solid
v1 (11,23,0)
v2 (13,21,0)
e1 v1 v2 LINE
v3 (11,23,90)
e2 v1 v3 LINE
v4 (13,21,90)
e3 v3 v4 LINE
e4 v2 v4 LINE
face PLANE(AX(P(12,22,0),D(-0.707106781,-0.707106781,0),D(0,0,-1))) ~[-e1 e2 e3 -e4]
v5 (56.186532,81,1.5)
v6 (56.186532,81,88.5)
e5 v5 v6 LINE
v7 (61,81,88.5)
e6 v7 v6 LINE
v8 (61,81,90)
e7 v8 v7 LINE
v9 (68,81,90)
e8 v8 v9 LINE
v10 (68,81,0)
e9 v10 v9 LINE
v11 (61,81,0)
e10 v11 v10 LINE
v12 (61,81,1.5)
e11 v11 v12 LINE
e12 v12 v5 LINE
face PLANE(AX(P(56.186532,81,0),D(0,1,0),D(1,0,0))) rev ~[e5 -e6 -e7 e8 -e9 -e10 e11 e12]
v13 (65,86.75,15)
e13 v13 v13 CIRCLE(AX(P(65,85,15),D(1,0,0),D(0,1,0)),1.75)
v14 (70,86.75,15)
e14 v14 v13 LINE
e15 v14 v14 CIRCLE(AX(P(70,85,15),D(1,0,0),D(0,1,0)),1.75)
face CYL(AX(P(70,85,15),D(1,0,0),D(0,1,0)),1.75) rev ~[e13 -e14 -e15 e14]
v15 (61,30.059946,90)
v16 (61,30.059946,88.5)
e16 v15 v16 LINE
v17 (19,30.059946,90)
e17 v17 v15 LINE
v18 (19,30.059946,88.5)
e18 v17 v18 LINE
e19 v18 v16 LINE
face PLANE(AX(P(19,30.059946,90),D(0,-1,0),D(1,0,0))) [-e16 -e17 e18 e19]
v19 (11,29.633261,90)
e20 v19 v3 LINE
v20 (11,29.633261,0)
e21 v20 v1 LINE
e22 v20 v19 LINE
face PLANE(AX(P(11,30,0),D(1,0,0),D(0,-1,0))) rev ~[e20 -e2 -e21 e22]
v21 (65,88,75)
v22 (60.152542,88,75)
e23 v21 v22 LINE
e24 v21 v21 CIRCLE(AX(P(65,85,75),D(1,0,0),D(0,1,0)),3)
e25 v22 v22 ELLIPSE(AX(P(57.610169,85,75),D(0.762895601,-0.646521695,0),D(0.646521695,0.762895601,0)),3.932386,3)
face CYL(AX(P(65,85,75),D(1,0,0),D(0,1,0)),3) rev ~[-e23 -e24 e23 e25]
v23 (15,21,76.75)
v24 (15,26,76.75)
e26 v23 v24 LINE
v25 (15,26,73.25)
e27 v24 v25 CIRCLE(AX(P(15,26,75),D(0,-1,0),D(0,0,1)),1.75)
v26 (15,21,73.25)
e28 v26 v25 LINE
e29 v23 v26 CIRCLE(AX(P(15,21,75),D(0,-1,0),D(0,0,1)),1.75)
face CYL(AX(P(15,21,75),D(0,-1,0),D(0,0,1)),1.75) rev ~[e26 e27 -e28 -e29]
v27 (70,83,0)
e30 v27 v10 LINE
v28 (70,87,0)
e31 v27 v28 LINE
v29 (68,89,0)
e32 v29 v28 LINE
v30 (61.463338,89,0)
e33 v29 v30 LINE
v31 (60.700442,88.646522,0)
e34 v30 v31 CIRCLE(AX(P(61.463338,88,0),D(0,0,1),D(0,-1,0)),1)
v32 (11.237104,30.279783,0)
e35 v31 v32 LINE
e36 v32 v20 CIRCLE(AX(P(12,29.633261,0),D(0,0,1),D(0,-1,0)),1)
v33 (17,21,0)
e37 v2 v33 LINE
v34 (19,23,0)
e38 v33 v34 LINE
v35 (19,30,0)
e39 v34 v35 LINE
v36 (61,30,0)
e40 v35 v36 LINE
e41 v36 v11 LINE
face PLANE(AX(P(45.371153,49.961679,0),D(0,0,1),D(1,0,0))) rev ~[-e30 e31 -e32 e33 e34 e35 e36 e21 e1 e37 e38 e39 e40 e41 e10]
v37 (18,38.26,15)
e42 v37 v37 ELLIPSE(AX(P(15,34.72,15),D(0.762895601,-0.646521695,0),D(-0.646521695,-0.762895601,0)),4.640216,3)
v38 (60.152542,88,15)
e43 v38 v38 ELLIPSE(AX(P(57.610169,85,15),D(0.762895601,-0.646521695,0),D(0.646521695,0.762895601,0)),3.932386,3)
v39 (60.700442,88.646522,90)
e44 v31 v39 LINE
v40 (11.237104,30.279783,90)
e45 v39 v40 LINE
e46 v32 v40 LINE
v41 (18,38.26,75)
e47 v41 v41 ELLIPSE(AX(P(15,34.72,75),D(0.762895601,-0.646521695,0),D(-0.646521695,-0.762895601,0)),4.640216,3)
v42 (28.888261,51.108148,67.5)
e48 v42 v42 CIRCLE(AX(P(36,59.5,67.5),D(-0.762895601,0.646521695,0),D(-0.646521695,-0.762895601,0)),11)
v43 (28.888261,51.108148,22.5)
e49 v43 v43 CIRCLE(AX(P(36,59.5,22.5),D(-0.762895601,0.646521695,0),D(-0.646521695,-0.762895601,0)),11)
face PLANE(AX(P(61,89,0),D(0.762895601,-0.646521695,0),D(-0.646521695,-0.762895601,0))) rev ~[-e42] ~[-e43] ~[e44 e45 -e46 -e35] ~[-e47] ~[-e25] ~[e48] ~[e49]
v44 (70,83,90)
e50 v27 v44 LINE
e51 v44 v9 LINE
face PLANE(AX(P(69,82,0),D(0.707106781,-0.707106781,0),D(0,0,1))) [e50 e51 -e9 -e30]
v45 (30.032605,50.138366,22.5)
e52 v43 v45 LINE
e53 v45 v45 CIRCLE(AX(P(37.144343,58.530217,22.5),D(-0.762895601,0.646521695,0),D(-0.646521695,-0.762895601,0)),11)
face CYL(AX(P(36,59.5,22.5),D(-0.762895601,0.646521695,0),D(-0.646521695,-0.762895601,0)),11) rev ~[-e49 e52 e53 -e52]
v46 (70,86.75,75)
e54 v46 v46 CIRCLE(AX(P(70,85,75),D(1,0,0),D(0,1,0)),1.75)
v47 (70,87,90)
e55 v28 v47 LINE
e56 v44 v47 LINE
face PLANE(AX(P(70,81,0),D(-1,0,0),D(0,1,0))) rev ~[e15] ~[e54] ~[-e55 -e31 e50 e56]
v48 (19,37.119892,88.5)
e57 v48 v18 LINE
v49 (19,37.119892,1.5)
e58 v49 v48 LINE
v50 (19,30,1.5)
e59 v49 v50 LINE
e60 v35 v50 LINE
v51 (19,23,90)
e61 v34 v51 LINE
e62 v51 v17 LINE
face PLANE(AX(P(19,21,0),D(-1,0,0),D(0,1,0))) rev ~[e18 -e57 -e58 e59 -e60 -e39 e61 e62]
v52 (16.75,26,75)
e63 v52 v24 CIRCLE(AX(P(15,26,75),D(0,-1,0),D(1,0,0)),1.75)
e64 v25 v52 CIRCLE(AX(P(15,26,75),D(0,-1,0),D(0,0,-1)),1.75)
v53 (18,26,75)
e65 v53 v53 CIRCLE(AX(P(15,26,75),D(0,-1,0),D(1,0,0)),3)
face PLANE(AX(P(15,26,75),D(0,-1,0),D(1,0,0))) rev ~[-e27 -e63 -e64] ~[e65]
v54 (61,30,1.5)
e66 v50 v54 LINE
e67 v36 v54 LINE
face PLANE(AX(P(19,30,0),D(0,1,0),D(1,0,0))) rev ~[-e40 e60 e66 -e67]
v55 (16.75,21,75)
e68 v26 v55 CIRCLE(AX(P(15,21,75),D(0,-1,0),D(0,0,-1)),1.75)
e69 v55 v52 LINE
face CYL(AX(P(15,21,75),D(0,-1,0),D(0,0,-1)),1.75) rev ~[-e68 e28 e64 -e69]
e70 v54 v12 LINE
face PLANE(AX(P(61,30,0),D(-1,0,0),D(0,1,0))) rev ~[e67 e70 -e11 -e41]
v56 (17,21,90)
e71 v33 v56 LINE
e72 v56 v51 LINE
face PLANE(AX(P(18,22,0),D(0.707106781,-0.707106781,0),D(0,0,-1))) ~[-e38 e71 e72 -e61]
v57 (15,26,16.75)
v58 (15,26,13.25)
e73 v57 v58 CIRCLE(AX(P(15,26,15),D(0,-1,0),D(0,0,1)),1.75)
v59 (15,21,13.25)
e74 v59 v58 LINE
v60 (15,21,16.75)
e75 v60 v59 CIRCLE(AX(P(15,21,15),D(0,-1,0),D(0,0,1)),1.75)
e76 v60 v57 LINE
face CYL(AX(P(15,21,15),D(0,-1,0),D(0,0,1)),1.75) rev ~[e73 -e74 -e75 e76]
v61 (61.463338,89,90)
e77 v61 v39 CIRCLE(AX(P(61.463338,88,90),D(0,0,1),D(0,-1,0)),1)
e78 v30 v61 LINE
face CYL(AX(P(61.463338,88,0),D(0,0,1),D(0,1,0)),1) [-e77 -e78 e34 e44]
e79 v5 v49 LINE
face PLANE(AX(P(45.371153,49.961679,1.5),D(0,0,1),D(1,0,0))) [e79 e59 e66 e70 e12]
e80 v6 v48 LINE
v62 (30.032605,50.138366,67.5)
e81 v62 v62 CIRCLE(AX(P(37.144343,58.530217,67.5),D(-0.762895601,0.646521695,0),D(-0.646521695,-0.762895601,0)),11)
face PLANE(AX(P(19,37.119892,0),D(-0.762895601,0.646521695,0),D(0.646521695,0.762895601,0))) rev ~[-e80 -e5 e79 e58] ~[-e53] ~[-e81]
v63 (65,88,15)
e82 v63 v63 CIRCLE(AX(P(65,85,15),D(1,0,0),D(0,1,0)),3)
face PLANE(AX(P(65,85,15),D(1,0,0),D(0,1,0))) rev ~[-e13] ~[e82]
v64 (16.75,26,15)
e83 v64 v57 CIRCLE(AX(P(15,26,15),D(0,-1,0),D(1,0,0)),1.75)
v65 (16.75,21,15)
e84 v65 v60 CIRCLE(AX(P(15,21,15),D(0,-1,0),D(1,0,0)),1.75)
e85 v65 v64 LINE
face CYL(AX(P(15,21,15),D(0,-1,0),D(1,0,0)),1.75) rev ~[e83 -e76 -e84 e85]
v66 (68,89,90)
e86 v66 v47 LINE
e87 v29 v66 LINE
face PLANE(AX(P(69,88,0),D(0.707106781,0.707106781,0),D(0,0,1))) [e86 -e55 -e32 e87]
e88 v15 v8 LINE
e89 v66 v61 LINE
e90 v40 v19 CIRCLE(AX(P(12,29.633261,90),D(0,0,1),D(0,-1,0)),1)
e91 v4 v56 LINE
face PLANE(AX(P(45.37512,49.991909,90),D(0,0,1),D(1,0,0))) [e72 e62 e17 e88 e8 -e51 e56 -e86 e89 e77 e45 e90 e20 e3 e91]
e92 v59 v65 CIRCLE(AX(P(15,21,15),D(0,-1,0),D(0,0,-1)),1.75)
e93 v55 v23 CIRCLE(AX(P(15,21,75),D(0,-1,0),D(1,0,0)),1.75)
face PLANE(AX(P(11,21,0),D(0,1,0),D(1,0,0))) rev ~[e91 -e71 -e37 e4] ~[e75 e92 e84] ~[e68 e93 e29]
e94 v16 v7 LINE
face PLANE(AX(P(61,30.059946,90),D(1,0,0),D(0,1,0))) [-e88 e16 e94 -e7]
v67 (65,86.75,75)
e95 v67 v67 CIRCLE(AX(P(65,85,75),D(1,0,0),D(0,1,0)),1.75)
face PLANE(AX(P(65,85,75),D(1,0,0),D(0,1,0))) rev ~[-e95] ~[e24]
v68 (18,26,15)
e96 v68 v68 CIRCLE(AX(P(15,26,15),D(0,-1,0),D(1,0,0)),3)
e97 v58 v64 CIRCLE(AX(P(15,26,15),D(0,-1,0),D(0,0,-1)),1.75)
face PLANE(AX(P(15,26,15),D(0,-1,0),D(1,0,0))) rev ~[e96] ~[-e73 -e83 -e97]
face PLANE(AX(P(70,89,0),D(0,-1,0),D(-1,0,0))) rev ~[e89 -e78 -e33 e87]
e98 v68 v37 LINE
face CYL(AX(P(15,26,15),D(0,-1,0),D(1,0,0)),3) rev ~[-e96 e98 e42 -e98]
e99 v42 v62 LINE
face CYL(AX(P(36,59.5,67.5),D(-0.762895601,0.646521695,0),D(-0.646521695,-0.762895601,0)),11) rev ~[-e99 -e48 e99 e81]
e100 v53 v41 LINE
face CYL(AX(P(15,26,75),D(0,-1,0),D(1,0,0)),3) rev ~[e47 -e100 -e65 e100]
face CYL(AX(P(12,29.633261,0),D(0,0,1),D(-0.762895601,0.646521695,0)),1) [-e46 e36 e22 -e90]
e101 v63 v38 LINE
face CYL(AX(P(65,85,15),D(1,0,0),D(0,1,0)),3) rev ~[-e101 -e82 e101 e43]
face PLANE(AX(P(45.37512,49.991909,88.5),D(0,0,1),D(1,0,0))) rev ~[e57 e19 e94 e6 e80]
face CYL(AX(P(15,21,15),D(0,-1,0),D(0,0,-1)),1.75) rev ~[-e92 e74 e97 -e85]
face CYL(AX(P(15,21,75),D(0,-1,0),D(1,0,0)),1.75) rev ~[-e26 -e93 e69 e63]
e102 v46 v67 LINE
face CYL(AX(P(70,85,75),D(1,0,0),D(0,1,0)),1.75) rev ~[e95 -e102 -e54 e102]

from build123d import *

# Parameters (mm, degrees)
F1_DEPTH  = 90
F2_R      = 11
F3_DEPTH  = 25
F5_DEPTH  = 25
F6_R      = 1.75
F7_DEPTH  = 25
F9_R      = 3
F10_DEPTH = 25
F12_R     = 3
F13_DEPTH = 25
F14_SIZE  = 2
F15_R     = 1
F17_DEPTH = 1.5
F19_DEPTH = 1.5


with BuildPart() as f1:
    # F0 (on Top) → F1 (new body)
    with BuildSketch(Plane.XY):
        Polygon((70, 89), (61, 89), (11, 30), (11, 21), (19, 21), (19, 30), (19, 33.3303359461), (19, 37.1198922439), (56.1865319967, 81), (61, 81), (70, 81), align=None)
    extrude(amount=F1_DEPTH)

    # F2 (on face) → F3 (cut)
    with BuildSketch(Plane(origin=(-8.3947500418, 7.1141949507, 0), x_dir=(-0.6465216954, -0.7628956006, 0), z_dir=(-0.7628956006, 0.6465216954, 0))):
        with Locations((-68.6670692686, 67.5)):
            Circle(F2_R)
        with Locations((-68.6670692686, 22.5)):
            Circle(F2_R)
    extrude(amount=-F3_DEPTH, mode=Mode.SUBTRACT)

    # F4 (on face) → F5 (cut)
    with BuildSketch(Plane.XZ.offset(-21)):
        with BuildLine():
            ThreePointArc((16.75, 75), (16.2374368671, 76.2374368671), (15, 76.75))
            Line((15, 76.75), (15, 73.25))
            ThreePointArc((15, 73.25), (16.2374368671, 73.7625631329), (16.75, 75))
        make_face()
        with BuildLine():
            ThreePointArc((16.75, 15), (16.2374368671, 16.2374368671), (15, 16.75))
            Line((15, 16.75), (15, 13.25))
            ThreePointArc((15, 13.25), (16.2374368671, 13.7625631329), (16.75, 15))
        make_face()
        with BuildLine():
            Line((15, 13.25), (15, 16.75))
            ThreePointArc((15, 16.75), (13.25, 15), (15, 13.25))
        make_face()
        with BuildLine():
            Line((15, 73.25), (15, 76.75))
            ThreePointArc((15, 76.75), (13.25, 75), (15, 73.25))
        make_face()
    extrude(amount=-F5_DEPTH, mode=Mode.SUBTRACT)

    # F6 (on face) → F7 (cut)
    with BuildSketch(Plane.YZ.offset(70)):
        with Locations((85, 75)):
            Circle(F6_R)
        with Locations((85, 15)):
            Circle(F6_R)
    extrude(amount=-F7_DEPTH, mode=Mode.SUBTRACT)

    # F9 (on offset) → F10 (cut)
    with BuildSketch(Plane.YZ.offset(65)):
        with Locations((85, 75)):
            Circle(F9_R)
        with Locations((85, 15)):
            Circle(F9_R)
    extrude(amount=-F10_DEPTH, mode=Mode.SUBTRACT)

    # F12 (on offset) → F13 (cut)
    with BuildSketch(Plane.XZ.offset(-26)):
        with Locations((15, 75)):
            Circle(F12_R)
        with Locations((15, 15)):
            Circle(F12_R)
    extrude(amount=-F13_DEPTH, mode=Mode.SUBTRACT)

    # F14
    f14_edges = [f1.edges().sort_by_distance(p)[0] for p in [
        (70, 81, 45),
        (70, 89, 45),
        (19, 21, 45),
        (11, 21, 45),
    ]]
    chamfer(f14_edges, length=F14_SIZE)

    # F15
    f15_edges = [f1.edges().sort_by_distance(p)[0] for p in [
        (61, 89, 45),
        (11, 30, 45),
    ]]
    fillet(f15_edges, radius=F15_R)

    # F16 (on face) → F17 (join)
    with BuildSketch(Plane.XY.offset(90)):
        Polygon((19, 37.1198922439), (19, 30.0599461219), (61, 30.0599461219), (61, 81), (56.1865319967, 81), align=None)
    extrude(amount=-F17_DEPTH)

    # F18 (on face) → F19 (join)
    with BuildSketch(Plane.XY):
        Polygon((61, 30), (61, 81), (56.1865319967, 81), (19, 37.1198922439), (19, 30), align=None)
    extrude(amount=F19_DEPTH)


solid = f1.part
